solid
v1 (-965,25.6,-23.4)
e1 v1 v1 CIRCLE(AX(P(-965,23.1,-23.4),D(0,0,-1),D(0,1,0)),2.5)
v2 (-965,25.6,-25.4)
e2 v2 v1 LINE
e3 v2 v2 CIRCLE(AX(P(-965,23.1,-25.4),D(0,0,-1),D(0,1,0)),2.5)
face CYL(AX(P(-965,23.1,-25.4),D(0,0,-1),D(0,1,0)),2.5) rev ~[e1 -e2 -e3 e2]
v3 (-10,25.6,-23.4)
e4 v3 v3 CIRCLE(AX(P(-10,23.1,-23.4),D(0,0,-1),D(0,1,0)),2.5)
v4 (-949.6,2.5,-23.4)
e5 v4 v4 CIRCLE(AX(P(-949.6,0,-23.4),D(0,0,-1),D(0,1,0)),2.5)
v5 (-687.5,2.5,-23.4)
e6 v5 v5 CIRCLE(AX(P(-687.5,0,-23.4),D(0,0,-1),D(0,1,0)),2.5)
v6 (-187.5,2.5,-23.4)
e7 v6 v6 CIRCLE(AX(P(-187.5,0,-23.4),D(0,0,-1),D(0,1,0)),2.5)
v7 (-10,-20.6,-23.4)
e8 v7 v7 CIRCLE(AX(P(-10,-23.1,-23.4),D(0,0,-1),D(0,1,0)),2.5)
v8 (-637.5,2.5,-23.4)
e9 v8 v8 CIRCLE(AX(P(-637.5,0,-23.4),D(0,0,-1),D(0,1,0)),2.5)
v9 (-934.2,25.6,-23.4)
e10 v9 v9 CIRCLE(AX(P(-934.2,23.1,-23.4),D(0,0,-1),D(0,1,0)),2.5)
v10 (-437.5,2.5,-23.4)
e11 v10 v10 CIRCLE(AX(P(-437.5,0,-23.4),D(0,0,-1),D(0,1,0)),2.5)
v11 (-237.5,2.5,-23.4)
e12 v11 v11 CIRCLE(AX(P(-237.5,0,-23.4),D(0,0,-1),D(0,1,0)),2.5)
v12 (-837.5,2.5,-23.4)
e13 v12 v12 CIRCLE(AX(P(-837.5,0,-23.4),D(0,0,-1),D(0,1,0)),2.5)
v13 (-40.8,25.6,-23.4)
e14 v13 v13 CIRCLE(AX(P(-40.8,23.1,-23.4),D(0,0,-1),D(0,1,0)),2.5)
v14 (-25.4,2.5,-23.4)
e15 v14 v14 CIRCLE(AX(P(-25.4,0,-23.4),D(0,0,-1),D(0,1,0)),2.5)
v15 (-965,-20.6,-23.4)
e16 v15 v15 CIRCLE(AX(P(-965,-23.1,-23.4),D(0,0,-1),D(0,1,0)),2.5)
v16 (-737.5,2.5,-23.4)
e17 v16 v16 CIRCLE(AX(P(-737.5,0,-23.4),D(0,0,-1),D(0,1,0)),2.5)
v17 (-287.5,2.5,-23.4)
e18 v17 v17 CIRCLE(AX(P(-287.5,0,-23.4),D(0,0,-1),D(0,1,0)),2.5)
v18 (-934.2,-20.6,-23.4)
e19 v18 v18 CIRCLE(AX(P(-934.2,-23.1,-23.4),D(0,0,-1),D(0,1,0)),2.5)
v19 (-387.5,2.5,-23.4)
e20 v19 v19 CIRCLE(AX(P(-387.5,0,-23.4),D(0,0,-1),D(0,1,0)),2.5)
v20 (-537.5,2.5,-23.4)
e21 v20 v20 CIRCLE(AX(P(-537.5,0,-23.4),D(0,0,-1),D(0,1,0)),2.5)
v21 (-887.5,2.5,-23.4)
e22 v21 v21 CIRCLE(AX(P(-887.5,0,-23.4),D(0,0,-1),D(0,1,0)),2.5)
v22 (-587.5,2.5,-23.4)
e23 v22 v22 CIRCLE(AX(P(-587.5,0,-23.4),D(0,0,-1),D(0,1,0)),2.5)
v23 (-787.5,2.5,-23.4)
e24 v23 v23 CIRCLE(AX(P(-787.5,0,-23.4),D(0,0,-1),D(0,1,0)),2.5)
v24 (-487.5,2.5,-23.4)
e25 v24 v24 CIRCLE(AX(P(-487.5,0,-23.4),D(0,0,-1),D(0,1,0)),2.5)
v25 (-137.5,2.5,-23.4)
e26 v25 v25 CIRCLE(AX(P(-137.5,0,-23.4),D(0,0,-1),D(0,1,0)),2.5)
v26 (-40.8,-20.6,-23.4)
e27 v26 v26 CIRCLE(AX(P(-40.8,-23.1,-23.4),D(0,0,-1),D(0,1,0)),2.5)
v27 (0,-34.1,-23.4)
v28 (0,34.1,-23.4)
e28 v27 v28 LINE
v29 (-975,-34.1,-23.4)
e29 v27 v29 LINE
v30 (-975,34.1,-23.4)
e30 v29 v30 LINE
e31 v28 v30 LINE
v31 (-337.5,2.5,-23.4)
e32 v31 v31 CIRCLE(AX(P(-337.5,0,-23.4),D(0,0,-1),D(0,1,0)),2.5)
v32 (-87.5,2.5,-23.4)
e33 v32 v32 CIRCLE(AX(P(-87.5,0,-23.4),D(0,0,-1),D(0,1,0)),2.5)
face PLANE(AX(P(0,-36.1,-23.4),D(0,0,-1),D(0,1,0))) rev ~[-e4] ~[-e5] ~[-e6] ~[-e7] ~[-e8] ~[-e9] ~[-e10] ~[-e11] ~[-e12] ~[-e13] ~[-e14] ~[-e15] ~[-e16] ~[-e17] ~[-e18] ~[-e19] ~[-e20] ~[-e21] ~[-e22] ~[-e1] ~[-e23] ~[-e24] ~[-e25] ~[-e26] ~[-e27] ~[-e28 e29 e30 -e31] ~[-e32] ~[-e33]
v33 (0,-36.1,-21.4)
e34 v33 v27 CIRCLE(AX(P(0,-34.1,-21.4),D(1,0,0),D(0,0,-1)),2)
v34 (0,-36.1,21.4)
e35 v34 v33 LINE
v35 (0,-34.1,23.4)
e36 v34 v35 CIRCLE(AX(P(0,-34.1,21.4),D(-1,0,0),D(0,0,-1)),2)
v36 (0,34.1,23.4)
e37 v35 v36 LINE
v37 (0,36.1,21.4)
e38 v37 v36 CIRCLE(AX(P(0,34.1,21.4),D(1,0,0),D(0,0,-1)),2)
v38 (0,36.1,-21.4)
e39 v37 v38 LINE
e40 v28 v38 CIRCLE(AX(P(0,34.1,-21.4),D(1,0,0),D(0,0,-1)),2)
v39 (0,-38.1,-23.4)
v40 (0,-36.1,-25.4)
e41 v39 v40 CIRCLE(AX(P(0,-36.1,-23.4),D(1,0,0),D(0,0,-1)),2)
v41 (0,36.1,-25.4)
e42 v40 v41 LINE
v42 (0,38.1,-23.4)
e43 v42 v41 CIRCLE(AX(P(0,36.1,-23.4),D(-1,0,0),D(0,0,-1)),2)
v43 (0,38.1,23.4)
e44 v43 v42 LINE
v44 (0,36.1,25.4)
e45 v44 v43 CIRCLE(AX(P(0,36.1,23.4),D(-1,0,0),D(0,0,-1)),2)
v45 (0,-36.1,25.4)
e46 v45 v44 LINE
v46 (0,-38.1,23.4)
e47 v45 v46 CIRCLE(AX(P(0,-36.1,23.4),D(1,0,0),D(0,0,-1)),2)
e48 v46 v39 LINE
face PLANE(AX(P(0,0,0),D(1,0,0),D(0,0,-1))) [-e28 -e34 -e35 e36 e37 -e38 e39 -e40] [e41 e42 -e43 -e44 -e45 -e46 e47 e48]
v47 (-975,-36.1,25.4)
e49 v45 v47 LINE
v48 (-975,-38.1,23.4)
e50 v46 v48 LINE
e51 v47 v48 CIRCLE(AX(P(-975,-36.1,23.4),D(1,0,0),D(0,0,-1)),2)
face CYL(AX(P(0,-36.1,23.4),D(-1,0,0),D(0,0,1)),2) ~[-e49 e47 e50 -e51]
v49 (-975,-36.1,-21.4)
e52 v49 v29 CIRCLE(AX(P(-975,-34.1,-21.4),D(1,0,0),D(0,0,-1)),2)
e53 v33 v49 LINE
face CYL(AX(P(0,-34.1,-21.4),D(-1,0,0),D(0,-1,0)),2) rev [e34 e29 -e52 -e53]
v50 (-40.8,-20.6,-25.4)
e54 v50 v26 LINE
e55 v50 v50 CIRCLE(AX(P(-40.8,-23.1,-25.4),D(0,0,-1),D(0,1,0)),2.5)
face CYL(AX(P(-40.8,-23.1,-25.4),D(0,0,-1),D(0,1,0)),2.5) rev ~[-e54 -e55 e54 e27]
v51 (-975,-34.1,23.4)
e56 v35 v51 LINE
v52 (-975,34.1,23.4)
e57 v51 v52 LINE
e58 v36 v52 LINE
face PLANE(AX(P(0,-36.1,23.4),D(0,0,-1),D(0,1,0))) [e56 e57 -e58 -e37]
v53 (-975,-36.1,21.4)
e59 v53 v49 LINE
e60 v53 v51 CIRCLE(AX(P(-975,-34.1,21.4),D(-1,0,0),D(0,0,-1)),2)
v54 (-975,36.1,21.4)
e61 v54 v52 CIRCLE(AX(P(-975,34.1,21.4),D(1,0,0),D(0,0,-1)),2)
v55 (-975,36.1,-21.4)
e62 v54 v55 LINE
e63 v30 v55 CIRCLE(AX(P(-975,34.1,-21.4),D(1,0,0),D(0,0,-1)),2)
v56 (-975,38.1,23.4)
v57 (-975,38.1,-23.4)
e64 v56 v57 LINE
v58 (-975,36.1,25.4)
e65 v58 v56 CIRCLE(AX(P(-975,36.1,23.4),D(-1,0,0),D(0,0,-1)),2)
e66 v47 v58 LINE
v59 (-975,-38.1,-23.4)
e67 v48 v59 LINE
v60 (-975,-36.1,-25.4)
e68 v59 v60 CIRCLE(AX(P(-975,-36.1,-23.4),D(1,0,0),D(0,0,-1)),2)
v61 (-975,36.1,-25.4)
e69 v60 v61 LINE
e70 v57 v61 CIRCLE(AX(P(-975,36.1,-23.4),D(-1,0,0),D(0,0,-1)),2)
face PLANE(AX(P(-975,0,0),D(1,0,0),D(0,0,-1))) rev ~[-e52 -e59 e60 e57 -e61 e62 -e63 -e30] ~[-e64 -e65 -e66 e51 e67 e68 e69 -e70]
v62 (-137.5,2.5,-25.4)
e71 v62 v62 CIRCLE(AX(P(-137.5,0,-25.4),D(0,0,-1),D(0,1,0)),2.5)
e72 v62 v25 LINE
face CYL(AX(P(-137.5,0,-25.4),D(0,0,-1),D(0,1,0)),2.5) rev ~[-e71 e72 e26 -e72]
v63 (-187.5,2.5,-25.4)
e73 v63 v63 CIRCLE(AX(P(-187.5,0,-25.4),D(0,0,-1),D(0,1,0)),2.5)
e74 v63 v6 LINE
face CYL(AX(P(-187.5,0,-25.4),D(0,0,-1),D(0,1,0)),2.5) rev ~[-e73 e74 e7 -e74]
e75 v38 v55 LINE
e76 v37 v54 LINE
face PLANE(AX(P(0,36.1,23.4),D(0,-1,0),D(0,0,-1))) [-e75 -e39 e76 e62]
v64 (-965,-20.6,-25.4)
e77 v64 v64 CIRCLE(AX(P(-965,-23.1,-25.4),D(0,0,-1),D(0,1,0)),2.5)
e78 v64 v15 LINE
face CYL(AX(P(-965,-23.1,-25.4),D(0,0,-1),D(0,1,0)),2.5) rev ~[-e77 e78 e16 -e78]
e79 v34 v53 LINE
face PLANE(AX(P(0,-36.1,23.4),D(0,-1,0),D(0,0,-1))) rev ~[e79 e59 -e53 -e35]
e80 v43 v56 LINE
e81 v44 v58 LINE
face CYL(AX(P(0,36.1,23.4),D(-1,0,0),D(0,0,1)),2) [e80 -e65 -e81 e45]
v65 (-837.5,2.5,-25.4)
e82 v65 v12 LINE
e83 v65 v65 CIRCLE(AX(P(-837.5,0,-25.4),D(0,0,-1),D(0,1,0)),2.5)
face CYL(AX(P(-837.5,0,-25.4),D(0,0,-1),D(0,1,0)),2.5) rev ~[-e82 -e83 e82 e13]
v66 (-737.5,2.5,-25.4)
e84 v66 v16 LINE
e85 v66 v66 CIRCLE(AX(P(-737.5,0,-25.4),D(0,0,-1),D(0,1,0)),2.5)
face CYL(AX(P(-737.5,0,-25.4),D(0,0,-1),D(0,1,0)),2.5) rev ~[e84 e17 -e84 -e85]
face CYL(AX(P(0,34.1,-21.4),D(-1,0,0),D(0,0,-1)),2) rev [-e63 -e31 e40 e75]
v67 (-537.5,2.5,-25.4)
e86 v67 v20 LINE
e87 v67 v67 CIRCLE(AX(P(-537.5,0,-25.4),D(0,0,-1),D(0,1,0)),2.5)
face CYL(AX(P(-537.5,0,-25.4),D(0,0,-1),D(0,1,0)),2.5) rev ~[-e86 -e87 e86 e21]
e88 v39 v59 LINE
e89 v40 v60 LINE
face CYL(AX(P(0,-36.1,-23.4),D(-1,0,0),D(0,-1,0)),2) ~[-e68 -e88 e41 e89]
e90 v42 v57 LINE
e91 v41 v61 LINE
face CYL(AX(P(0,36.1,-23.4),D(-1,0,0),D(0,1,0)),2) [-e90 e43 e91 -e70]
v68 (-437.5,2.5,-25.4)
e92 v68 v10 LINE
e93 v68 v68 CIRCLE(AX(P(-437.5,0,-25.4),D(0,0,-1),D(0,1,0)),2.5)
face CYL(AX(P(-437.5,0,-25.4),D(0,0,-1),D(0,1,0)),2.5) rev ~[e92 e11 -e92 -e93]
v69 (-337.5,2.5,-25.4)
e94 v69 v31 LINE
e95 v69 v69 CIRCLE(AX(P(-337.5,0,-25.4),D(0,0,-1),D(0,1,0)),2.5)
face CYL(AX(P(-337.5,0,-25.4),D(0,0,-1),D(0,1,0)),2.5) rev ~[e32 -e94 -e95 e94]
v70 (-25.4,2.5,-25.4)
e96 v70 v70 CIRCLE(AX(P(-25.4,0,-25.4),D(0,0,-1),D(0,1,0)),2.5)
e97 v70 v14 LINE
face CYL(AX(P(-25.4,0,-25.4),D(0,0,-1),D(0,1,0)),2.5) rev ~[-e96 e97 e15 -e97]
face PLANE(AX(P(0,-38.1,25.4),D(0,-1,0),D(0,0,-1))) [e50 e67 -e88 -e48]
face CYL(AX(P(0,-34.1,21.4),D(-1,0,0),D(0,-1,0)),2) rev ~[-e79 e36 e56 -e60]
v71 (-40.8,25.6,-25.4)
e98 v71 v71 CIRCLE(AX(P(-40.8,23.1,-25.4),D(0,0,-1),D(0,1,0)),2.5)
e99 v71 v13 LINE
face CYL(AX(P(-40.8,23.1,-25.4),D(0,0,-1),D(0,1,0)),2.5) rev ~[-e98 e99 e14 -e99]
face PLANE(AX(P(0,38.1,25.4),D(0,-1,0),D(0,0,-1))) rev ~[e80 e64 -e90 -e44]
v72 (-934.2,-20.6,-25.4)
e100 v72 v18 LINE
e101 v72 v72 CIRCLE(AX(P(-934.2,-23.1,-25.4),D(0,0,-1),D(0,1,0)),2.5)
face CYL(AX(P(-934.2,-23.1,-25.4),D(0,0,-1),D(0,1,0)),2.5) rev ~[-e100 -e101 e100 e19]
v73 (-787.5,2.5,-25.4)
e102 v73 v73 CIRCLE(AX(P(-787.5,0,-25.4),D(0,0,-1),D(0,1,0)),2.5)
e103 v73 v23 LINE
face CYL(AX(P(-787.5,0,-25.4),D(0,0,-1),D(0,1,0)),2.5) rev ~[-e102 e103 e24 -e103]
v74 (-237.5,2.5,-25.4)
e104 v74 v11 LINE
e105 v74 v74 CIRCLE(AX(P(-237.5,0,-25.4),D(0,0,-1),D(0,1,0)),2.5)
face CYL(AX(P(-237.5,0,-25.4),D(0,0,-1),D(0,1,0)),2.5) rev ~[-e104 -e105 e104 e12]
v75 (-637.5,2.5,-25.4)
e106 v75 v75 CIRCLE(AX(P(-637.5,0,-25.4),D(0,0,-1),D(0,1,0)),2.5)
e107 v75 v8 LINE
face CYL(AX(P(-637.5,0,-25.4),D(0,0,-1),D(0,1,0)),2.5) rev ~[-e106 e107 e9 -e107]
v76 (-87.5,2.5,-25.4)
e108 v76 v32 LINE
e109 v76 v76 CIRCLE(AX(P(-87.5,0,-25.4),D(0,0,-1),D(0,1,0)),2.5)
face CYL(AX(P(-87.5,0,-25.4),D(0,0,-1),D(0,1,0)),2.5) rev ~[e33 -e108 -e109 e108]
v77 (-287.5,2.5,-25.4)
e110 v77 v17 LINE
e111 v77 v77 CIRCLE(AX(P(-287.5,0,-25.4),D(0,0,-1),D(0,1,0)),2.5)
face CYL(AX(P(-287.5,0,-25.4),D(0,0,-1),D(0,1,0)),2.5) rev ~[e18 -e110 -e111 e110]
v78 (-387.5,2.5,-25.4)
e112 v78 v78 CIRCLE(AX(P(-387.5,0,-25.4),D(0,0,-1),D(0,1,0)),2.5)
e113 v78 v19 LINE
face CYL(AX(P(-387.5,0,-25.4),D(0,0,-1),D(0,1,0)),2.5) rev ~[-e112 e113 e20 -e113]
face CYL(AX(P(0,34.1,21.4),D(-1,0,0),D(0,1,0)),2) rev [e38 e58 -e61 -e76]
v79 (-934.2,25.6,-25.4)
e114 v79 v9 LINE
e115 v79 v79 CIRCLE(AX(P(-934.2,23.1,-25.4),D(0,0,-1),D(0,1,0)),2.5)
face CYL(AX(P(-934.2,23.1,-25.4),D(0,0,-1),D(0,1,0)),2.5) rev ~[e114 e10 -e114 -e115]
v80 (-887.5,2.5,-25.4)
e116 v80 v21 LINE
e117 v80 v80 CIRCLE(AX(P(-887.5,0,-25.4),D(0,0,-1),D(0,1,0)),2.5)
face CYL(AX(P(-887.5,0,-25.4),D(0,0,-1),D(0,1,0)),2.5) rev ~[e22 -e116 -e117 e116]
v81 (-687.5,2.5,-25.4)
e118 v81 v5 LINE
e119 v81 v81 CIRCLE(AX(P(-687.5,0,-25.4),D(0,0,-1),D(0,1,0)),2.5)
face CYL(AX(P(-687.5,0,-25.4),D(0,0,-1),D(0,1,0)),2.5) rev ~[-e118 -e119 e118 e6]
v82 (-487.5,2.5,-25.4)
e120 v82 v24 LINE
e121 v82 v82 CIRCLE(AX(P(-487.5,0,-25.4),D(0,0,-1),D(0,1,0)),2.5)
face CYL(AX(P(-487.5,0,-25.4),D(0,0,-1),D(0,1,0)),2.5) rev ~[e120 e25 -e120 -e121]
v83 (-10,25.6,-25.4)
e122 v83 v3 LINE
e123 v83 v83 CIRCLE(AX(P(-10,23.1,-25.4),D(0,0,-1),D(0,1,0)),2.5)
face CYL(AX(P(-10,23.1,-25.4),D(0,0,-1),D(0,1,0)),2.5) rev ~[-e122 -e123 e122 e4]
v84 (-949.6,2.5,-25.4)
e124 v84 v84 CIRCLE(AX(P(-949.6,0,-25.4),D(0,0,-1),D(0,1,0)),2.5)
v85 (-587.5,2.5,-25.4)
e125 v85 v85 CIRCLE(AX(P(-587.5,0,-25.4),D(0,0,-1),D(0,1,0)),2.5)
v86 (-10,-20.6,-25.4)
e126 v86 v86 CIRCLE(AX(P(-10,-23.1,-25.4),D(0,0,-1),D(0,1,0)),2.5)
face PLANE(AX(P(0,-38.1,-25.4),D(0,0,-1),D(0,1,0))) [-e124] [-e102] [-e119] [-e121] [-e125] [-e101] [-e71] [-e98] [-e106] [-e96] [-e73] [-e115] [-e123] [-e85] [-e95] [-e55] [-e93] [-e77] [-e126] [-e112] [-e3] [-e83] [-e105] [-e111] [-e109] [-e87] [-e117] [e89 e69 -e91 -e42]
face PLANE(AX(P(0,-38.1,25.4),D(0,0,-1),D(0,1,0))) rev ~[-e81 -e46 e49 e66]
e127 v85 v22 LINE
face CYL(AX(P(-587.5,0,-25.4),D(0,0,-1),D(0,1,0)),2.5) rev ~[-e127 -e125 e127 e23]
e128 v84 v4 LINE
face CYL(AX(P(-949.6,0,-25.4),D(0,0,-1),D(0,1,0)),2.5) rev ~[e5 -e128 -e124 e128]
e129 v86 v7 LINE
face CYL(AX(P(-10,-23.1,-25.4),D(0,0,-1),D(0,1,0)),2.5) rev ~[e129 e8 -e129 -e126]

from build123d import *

# Parameters (mm, degrees)
SKETCH1_W             = 50.8
SKETCH1_H             = 76.2
BOSS_EXTRUDE1_DEPTH   = 975
SKETCH2_W             = 46.8
SKETCH2_H             = 72.2
CUT_EXTRUDE1_DEPTH    = 977.074674397
FILLET2_R             = 2
CROQUIS1_R            = 2.5
CORTAR_EXTRUIR1_DEPTH = 10
CROQUIS2_R            = 2.5
CORTAR_EXTRUIR2_DEPTH = 10
CROQUIS4_R            = 2.5
CORTAR_EXTRUIR3_DEPTH = 10
MATRIZL1_COUNT        = 17
MATRIZL1_PITCH        = 50


with BuildPart() as part:
    # Sketch1 → Boss-Extrude1 (new body)
    with BuildSketch(Plane(origin=(0, 0, 0), x_dir=(0, 0, -1), z_dir=(1, 0, 0))):
        Rectangle(SKETCH1_W, SKETCH1_H)
    extrude(amount=-BOSS_EXTRUDE1_DEPTH)

    # Sketch2 → Cut-Extrude1 (cut, through all)
    with BuildSketch(Plane(origin=(0, 0, 0), x_dir=(0, 0, -1), z_dir=(1, 0, 0))):
        Rectangle(SKETCH2_W, SKETCH2_H)
    extrude(amount=-CUT_EXTRUDE1_DEPTH, mode=Mode.SUBTRACT)

    # Fillet2
    fillet2_edges = [part.edges().sort_by_distance(p)[0] for p in [
        (-487.5, -36.1, 23.4),
        (-487.5, 36.1, 23.4),
        (-487.5, 36.1, -23.4),
        (-487.5, -36.1, -23.4),
        (-487.5, 38.1, 25.4),
        (-487.5, 38.1, -25.4),
        (-487.5, -38.1, -25.4),
        (-487.5, -38.1, 25.4),
    ]]
    fillet(fillet2_edges, radius=FILLET2_R)

    # Croquis1 → Cortar-Extruir1 (cut)
    with BuildSketch(Plane(origin=(0, 0, -25.4), x_dir=(-1, 0, 0), z_dir=(0, 0, -1))):
        with Locations(Location((25.4, 0, 0), (0, 0, 90))):
            Circle(CROQUIS1_R)
        with Locations(Location((10, 23.1, 0), (0, 0, 90))):
            Circle(CROQUIS1_R)
        with Locations(Location((10, -23.1, 0), (0, 0, 90))):
            Circle(CROQUIS1_R)
        with Locations(Location((40.8, -23.1, 0), (0, 0, 90))):
            Circle(CROQUIS1_R)
        with Locations(Location((40.8, 23.1, 0), (0, 0, 90))):
            Circle(CROQUIS1_R)
    extrude(amount=-CORTAR_EXTRUIR1_DEPTH, mode=Mode.SUBTRACT)

    # Croquis2 → Cortar-Extruir2 (cut)
    with BuildSketch(Plane(origin=(0, 0, -25.4), x_dir=(-1, 0, 0), z_dir=(0, 0, -1))):
        with Locations(Location((949.6, 0, 0), (0, 0, 90))):
            Circle(CROQUIS2_R)
        with Locations(Location((934.2, 23.1, 0), (0, 0, 90))):
            Circle(CROQUIS2_R)
        with Locations(Location((965, 23.1, 0), (0, 0, 90))):
            Circle(CROQUIS2_R)
        with Locations(Location((965, -23.1, 0), (0, 0, 90))):
            Circle(CROQUIS2_R)
        with Locations(Location((934.2, -23.1, 0), (0, 0, 90))):
            Circle(CROQUIS2_R)
    extrude(amount=-CORTAR_EXTRUIR2_DEPTH, mode=Mode.SUBTRACT)

    # Croquis4 → Cortar-Extruir3 (cut)
    with BuildSketch(Plane(origin=(0, 0, -25.4), x_dir=(-1, 0, 0), z_dir=(0, 0, -1))):
        with Locations(Location((87.5, 0, 0), (0, 0, 90))):
            Circle(CROQUIS4_R)
    cortar_extruir3 = extrude(amount=-CORTAR_EXTRUIR3_DEPTH, mode=Mode.SUBTRACT)

    # MatrizL1: Cortar-Extruir3 ×17
    with Locations(*[(-i * MATRIZL1_PITCH, 0, 0) for i in range(1, MATRIZL1_COUNT)]):
        add(cortar_extruir3, mode=Mode.SUBTRACT)


solid = part.part
